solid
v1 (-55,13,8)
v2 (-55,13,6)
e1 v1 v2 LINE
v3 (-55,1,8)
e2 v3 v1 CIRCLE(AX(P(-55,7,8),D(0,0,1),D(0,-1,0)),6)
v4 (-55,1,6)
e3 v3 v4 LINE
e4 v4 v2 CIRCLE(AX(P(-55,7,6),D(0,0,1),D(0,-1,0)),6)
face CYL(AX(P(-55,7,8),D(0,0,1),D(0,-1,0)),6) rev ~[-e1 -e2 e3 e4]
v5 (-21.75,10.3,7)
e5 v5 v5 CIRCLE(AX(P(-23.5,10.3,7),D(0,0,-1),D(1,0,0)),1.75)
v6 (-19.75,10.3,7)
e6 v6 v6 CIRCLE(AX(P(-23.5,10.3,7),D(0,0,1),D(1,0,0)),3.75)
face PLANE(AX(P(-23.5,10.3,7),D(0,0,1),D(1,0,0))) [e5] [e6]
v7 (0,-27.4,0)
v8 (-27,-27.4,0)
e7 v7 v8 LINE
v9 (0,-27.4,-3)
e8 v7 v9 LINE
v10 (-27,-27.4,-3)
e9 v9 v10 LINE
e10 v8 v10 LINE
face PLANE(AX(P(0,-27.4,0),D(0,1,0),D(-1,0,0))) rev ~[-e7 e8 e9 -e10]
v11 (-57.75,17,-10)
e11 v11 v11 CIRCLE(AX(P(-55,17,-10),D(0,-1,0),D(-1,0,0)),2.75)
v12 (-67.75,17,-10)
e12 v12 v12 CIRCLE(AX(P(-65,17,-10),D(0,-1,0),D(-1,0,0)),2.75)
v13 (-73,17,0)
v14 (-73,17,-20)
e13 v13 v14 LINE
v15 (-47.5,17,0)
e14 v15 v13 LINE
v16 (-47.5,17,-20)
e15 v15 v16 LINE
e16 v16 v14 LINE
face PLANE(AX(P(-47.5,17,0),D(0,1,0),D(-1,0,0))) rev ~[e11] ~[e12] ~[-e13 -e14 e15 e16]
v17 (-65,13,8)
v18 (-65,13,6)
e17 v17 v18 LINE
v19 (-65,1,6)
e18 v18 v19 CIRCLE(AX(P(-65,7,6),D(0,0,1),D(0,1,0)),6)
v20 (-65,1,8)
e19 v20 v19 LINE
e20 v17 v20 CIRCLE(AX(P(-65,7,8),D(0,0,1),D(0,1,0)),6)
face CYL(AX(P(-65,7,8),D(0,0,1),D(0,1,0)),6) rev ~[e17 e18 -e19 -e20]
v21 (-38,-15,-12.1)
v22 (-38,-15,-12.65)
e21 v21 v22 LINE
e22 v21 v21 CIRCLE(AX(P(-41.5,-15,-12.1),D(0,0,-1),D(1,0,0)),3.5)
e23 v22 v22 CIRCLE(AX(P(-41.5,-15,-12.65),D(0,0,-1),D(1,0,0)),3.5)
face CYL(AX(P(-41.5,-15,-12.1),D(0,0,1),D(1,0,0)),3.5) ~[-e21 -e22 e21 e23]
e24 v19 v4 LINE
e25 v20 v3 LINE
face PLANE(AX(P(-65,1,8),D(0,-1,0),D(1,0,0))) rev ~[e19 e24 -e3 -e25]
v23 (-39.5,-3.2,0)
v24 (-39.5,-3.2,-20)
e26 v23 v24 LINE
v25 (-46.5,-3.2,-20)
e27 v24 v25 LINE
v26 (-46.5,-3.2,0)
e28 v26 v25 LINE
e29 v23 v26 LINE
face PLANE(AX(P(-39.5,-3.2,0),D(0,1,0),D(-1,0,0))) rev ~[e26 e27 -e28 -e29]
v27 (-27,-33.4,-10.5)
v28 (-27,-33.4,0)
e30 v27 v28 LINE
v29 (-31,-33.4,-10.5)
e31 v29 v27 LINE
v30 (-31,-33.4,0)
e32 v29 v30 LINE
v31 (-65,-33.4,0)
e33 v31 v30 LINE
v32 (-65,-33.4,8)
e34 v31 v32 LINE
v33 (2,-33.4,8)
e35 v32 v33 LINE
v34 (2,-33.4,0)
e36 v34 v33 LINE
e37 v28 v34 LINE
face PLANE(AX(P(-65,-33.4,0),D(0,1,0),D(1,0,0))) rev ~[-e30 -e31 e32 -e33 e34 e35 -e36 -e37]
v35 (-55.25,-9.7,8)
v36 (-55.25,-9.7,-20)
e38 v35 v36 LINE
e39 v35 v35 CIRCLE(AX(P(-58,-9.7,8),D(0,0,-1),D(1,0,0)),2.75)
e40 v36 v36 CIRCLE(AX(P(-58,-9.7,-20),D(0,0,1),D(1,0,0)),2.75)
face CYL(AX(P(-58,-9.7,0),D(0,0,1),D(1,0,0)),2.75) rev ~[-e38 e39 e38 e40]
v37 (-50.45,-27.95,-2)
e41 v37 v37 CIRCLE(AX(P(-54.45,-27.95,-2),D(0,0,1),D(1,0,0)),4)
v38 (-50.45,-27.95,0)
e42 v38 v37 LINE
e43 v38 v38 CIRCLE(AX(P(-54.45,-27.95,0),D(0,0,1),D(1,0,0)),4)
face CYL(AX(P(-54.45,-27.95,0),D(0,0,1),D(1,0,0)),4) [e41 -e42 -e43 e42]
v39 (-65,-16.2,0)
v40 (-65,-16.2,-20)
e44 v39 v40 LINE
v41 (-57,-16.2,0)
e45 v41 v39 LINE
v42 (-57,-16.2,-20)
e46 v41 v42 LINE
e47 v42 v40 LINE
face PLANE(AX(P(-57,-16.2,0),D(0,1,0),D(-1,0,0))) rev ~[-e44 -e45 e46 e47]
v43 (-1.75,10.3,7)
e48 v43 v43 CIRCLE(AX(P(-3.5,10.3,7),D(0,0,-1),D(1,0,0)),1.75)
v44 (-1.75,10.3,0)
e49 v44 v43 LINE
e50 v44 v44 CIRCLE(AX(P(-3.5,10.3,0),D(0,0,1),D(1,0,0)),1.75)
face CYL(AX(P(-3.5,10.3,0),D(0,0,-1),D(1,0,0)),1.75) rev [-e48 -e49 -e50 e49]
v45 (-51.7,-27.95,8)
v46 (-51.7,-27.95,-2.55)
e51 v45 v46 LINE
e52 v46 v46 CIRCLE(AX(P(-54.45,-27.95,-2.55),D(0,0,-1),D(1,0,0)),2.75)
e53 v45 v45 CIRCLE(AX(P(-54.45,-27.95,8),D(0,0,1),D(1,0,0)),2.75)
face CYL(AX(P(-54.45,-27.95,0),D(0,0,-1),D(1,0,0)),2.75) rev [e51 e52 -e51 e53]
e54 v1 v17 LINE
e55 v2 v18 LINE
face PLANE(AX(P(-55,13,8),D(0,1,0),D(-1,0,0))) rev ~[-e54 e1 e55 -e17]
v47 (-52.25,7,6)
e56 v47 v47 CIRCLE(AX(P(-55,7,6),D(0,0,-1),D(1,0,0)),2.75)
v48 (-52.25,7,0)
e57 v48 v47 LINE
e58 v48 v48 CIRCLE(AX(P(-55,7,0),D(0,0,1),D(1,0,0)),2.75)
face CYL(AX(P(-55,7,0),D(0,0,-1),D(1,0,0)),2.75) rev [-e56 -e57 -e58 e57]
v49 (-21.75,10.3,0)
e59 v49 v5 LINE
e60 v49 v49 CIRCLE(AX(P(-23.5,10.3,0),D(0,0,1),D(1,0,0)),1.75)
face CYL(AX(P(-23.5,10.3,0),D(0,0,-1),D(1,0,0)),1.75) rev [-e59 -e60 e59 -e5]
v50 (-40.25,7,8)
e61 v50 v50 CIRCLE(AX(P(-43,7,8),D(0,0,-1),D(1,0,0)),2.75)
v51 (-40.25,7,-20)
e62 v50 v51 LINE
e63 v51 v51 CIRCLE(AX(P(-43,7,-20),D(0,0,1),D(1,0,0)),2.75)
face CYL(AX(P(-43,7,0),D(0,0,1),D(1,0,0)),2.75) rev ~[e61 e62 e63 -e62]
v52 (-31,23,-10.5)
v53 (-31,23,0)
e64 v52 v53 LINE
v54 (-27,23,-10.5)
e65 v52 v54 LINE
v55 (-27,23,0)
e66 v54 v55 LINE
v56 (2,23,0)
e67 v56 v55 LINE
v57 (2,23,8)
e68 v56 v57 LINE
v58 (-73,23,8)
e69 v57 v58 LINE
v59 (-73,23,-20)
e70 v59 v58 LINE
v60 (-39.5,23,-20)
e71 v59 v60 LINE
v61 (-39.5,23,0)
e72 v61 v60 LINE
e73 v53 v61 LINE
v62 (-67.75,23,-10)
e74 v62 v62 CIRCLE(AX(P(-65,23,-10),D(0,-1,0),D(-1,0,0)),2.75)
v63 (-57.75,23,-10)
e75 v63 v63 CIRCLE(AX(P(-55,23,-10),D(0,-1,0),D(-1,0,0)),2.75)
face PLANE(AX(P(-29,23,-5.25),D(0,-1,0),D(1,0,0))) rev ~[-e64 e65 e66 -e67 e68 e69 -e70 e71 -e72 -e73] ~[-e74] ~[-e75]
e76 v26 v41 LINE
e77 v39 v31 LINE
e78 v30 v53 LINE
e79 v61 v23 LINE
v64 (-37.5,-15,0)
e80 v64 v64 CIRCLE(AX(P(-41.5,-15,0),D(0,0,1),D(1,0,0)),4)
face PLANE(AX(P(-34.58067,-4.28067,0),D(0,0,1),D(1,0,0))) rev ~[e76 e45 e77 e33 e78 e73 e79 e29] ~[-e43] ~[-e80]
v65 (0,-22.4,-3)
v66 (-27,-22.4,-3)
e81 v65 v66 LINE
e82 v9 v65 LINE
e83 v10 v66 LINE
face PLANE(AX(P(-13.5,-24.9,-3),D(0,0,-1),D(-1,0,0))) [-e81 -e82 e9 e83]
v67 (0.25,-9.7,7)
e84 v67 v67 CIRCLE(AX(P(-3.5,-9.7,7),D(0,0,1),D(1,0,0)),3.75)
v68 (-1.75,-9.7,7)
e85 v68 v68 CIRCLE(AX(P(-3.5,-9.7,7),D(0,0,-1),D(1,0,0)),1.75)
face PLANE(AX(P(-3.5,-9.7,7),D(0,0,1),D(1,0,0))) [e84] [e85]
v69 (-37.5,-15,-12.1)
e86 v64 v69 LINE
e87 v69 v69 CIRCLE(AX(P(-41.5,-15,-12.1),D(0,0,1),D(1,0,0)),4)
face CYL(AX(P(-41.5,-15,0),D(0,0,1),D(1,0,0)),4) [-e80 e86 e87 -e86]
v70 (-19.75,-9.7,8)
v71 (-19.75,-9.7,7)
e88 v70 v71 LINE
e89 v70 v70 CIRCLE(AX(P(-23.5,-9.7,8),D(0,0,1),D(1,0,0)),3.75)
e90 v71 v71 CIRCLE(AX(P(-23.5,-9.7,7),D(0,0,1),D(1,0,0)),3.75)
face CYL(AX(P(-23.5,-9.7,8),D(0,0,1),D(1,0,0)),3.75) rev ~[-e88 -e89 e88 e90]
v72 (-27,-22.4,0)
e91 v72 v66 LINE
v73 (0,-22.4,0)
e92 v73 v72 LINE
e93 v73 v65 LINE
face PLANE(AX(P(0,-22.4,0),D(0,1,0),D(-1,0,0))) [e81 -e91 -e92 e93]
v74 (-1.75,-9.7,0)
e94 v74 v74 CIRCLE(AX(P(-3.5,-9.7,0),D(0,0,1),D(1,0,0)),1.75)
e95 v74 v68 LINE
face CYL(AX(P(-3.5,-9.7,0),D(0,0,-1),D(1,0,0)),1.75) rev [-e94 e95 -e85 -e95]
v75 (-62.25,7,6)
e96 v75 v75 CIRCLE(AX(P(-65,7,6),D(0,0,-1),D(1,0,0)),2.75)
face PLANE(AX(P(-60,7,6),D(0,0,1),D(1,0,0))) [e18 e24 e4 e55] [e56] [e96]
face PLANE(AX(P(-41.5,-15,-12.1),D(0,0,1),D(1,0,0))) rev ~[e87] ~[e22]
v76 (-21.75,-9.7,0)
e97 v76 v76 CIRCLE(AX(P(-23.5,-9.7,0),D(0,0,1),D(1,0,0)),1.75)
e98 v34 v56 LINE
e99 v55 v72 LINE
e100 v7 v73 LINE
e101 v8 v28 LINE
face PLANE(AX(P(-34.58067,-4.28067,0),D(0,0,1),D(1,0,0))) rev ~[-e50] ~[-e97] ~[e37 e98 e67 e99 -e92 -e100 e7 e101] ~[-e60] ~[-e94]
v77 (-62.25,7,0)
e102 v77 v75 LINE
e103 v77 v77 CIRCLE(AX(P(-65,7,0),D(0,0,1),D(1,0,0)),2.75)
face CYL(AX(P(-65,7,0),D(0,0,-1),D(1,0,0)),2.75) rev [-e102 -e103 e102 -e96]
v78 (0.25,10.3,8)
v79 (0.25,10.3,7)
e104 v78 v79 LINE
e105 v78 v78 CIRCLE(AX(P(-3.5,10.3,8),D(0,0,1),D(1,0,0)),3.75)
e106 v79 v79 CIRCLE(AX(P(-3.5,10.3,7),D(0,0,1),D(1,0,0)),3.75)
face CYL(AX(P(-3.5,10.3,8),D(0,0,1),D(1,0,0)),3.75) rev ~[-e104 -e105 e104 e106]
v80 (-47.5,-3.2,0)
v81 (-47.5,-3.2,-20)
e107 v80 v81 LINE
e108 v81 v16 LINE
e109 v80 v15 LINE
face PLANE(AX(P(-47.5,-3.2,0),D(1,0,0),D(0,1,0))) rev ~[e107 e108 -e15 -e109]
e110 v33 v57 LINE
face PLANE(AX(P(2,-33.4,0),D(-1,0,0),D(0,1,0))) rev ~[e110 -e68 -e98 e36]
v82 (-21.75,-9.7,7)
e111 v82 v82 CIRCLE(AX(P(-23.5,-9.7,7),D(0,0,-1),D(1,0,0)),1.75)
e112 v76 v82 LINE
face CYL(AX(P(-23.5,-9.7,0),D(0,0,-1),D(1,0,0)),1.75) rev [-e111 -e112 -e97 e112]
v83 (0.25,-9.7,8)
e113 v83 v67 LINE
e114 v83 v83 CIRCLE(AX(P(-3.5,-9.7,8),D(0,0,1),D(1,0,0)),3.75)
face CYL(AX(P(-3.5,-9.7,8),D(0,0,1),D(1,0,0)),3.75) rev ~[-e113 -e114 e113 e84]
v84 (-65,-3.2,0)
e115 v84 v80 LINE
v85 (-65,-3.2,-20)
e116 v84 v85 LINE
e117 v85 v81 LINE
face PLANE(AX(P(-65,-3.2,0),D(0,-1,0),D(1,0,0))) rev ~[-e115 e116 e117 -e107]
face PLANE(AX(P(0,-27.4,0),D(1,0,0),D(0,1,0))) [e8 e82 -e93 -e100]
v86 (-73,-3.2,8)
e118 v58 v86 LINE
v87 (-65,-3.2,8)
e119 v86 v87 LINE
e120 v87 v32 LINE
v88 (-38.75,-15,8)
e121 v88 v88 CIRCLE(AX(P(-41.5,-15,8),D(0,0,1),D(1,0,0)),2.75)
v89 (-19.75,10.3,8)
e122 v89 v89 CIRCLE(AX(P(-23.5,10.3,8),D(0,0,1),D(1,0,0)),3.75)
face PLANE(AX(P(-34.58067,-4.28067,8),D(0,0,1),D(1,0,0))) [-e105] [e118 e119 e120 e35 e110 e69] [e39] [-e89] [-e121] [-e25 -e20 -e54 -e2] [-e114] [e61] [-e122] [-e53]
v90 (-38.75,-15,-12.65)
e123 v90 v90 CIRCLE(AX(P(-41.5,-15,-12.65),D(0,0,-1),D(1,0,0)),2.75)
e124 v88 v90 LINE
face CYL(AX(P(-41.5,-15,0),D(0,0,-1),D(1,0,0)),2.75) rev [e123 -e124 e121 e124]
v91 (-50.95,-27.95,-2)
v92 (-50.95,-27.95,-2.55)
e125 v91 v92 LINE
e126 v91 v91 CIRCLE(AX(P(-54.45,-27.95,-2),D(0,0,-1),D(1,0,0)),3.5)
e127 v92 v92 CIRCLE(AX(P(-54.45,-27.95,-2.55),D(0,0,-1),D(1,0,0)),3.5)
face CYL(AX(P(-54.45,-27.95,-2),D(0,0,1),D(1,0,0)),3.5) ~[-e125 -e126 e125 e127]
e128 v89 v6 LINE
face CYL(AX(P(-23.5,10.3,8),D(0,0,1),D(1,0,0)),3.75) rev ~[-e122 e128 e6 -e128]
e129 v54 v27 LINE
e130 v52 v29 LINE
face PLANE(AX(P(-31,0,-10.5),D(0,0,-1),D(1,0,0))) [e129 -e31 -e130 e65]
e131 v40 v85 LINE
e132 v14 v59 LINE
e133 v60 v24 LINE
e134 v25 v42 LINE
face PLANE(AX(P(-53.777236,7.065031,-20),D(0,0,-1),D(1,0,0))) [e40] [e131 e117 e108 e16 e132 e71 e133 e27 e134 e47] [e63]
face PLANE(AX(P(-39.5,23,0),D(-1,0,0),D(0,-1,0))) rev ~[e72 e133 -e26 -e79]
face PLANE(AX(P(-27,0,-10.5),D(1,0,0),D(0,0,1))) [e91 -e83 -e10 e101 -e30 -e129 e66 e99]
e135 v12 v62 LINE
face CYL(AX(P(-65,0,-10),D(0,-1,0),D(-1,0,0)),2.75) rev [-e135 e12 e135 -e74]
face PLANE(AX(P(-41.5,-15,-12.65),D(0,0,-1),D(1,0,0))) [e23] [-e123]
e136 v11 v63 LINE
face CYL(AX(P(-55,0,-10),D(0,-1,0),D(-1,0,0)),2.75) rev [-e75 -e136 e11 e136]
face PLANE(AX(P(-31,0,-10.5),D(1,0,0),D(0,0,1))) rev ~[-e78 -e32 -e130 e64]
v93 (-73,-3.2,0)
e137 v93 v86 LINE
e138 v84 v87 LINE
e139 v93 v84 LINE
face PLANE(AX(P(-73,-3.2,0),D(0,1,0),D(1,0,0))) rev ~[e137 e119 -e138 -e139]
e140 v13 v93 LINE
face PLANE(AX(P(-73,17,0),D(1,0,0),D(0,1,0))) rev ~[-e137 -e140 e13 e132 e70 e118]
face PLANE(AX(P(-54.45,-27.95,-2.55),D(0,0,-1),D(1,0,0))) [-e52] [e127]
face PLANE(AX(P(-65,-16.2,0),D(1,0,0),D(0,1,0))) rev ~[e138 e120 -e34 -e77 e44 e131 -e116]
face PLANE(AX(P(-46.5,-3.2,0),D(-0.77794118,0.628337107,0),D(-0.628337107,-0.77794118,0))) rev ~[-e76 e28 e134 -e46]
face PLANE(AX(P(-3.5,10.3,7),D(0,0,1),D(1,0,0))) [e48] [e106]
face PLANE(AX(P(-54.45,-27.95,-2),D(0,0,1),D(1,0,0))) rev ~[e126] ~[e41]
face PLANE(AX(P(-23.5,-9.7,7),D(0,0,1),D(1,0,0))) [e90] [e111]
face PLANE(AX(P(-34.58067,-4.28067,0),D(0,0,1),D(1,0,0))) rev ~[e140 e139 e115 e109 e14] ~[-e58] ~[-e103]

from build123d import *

# Parameters (mm, degrees)
SKETCH_R             = 1.75
SKETCH_R_2           = 2.75
PAD_DEPTH            = 8
PAD001_DEPTH         = 20
SKETCH004_R          = 2.75
POCKET_DEPTH         = 23.001
SKETCH005_R          = 2.75
POCKET001_DEPTH      = 20.001
POCKET001_DEPTH_BACK = 8.001
SKETCH008_R          = 4
SKETCH008_R_2        = 2.75
PAD005_DEPTH         = 2
SKETCH009_R          = 3.5
SKETCH009_R_2        = 2.75
PAD006_DEPTH         = 0.55
SKETCH010_R          = 4
SKETCH010_R_2        = 2.75
PAD007_DEPTH         = 12.1
SKETCH011_R          = 3.5
SKETCH011_R_2        = 2.75
PAD008_DEPTH         = 0.55
POCKET004_DEPTH      = 2
SKETCH020_W          = 4
SKETCH020_H          = 10.5
PAD013_DEPTH         = 33.4
PAD013_DEPTH_BACK    = 23
SKETCH021_W          = 27
SKETCH021_H          = 5
PAD014_DEPTH         = 3
SKETCH029_R          = 3.75
POCKET007_DEPTH      = 1


with BuildPart() as part:
    # Sketch → Pad (new body)
    with BuildSketch(Plane.XY):
        Polygon((0, 23), (-73, 23), (-73, -3.2), (-65, -3.2), (-65, -33.4), (0, -33.4), (2, -33.4), (2, 23), align=None)
        with Locations((-23.5, 10.3)):
            Circle(SKETCH_R, mode=Mode.SUBTRACT)
        with Locations((-3.5, 10.3)):
            Circle(SKETCH_R, mode=Mode.SUBTRACT)
        with Locations((-23.5, -9.7)):
            Circle(SKETCH_R, mode=Mode.SUBTRACT)
        with Locations((-3.5, -9.7)):
            Circle(SKETCH_R, mode=Mode.SUBTRACT)
        with Locations((-55, 7)):
            Circle(SKETCH_R_2, mode=Mode.SUBTRACT)
        with Locations((-41.5, -15)):
            Circle(SKETCH_R_2, mode=Mode.SUBTRACT)
        with Locations((-54.45, -27.95)):
            Circle(SKETCH_R_2, mode=Mode.SUBTRACT)
        with Locations((-65, 7)):
            Circle(SKETCH_R_2, mode=Mode.SUBTRACT)
    extrude(amount=PAD_DEPTH)

    # Sketch001 → Pad001 (join)
    with BuildSketch(Plane(origin=(0, 0, 0), x_dir=(1, 0, 0), z_dir=(0, 0, -1))):
        Polygon((-73, -23), (-39.5, -23), (-39.5, 3.2), (-46.5, 3.2), (-57, 16.2), (-65, 16.2), (-65, 3.2), (-47.5, 3.2), (-47.5, -17), (-73, -17), align=None)
    extrude(amount=PAD001_DEPTH)

    # Sketch004 → Pocket (cut, through all)
    with BuildSketch(Plane(origin=(0, 0, 0), x_dir=(-1, 0, 0), z_dir=(0, 1, 0))):
        with Locations((55, -10)):
            Circle(SKETCH004_R)
        with Locations((65, -10)):
            Circle(SKETCH004_R)
    extrude(amount=POCKET_DEPTH, mode=Mode.SUBTRACT)

    # Sketch005 → Pocket001 (cut, two sides)
    with BuildSketch(Plane.XY) as pocket001_sk:
        with Locations((-58, -9.7)):
            Circle(SKETCH005_R)
        with Locations((-43, 7)):
            Circle(SKETCH005_R)
    extrude(amount=-POCKET001_DEPTH, mode=Mode.SUBTRACT)
    extrude(pocket001_sk.sketch, amount=POCKET001_DEPTH_BACK, mode=Mode.SUBTRACT)

    # Sketch008 → Pad005 (join)
    with BuildSketch(Plane.XY):
        with Locations((-54.45, -27.95)):
            Circle(SKETCH008_R)
        with Locations((-54.45, -27.95)):
            Circle(SKETCH008_R_2, mode=Mode.SUBTRACT)
    extrude(amount=-PAD005_DEPTH)

    # Sketch009 (on Face30 of Pad005) → Pad006 (join)
    with BuildSketch(Plane(origin=(0, 0, -2), x_dir=(1, 0, 0), z_dir=(0, 0, -1))):
        with Locations((-54.45, 27.95)):
            Circle(SKETCH009_R)
        with Locations((-54.45, 27.95)):
            Circle(SKETCH009_R_2, mode=Mode.SUBTRACT)
    extrude(amount=PAD006_DEPTH)

    # Sketch010 → Pad007 (join)
    with BuildSketch(Plane.XY):
        with Locations((-41.5, -15)):
            Circle(SKETCH010_R)
        with Locations((-41.5, -15)):
            Circle(SKETCH010_R_2, mode=Mode.SUBTRACT)
    extrude(amount=-PAD007_DEPTH)

    # Sketch011 (on Face33 of Pad007) → Pad008 (join)
    with BuildSketch(Plane(origin=(0, 0, -12.1), x_dir=(1, 0, 0), z_dir=(0, 0, -1))):
        with Locations((-41.5, 15)):
            Circle(SKETCH011_R)
        with Locations((-41.5, 15)):
            Circle(SKETCH011_R_2, mode=Mode.SUBTRACT)
    extrude(amount=PAD008_DEPTH)

    # Sketch017 (on DatumPlane) → Pocket004 (cut)
    with BuildSketch(Plane.XY.offset(8)):
        with BuildLine():
            ThreePointArc((-65, 13), (-71, 7), (-65, 1))
            Line((-65, 1), (-55, 1))
            ThreePointArc((-55, 1), (-49, 7), (-55, 13))
            Line((-55, 13), (-65, 13))
        make_face()
    extrude(amount=-POCKET004_DEPTH, mode=Mode.SUBTRACT)

    # Sketch020 → Pad013 (join, two sides)
    with BuildSketch(Plane.XZ) as pad013_sk:
        with Locations((-29, -5.25)):
            Rectangle(SKETCH020_W, SKETCH020_H)
    extrude(amount=PAD013_DEPTH)
    extrude(pad013_sk.sketch, amount=-PAD013_DEPTH_BACK)

    # Sketch021 → Pad014 (join)
    with BuildSketch(Plane(origin=(0, 0, 0), x_dir=(-1, 0, 0), z_dir=(0, 0, -1))):
        with Locations((13.5, -24.9)):
            Rectangle(SKETCH021_W, SKETCH021_H)
    extrude(amount=PAD014_DEPTH)

    # Sketch029 (on DatumPlane) → Pocket007 (cut)
    with BuildSketch(Plane.XY.offset(8)):
        with Locations((-23.5, 10.3)):
            Circle(SKETCH029_R)
        with Locations((-3.5, 10.3)):
            Circle(SKETCH029_R)
        with Locations((-23.5, -9.7)):
            Circle(SKETCH029_R)
        with Locations((-3.5, -9.7)):
            Circle(SKETCH029_R)
    extrude(amount=-POCKET007_DEPTH, mode=Mode.SUBTRACT)


solid = part.part
